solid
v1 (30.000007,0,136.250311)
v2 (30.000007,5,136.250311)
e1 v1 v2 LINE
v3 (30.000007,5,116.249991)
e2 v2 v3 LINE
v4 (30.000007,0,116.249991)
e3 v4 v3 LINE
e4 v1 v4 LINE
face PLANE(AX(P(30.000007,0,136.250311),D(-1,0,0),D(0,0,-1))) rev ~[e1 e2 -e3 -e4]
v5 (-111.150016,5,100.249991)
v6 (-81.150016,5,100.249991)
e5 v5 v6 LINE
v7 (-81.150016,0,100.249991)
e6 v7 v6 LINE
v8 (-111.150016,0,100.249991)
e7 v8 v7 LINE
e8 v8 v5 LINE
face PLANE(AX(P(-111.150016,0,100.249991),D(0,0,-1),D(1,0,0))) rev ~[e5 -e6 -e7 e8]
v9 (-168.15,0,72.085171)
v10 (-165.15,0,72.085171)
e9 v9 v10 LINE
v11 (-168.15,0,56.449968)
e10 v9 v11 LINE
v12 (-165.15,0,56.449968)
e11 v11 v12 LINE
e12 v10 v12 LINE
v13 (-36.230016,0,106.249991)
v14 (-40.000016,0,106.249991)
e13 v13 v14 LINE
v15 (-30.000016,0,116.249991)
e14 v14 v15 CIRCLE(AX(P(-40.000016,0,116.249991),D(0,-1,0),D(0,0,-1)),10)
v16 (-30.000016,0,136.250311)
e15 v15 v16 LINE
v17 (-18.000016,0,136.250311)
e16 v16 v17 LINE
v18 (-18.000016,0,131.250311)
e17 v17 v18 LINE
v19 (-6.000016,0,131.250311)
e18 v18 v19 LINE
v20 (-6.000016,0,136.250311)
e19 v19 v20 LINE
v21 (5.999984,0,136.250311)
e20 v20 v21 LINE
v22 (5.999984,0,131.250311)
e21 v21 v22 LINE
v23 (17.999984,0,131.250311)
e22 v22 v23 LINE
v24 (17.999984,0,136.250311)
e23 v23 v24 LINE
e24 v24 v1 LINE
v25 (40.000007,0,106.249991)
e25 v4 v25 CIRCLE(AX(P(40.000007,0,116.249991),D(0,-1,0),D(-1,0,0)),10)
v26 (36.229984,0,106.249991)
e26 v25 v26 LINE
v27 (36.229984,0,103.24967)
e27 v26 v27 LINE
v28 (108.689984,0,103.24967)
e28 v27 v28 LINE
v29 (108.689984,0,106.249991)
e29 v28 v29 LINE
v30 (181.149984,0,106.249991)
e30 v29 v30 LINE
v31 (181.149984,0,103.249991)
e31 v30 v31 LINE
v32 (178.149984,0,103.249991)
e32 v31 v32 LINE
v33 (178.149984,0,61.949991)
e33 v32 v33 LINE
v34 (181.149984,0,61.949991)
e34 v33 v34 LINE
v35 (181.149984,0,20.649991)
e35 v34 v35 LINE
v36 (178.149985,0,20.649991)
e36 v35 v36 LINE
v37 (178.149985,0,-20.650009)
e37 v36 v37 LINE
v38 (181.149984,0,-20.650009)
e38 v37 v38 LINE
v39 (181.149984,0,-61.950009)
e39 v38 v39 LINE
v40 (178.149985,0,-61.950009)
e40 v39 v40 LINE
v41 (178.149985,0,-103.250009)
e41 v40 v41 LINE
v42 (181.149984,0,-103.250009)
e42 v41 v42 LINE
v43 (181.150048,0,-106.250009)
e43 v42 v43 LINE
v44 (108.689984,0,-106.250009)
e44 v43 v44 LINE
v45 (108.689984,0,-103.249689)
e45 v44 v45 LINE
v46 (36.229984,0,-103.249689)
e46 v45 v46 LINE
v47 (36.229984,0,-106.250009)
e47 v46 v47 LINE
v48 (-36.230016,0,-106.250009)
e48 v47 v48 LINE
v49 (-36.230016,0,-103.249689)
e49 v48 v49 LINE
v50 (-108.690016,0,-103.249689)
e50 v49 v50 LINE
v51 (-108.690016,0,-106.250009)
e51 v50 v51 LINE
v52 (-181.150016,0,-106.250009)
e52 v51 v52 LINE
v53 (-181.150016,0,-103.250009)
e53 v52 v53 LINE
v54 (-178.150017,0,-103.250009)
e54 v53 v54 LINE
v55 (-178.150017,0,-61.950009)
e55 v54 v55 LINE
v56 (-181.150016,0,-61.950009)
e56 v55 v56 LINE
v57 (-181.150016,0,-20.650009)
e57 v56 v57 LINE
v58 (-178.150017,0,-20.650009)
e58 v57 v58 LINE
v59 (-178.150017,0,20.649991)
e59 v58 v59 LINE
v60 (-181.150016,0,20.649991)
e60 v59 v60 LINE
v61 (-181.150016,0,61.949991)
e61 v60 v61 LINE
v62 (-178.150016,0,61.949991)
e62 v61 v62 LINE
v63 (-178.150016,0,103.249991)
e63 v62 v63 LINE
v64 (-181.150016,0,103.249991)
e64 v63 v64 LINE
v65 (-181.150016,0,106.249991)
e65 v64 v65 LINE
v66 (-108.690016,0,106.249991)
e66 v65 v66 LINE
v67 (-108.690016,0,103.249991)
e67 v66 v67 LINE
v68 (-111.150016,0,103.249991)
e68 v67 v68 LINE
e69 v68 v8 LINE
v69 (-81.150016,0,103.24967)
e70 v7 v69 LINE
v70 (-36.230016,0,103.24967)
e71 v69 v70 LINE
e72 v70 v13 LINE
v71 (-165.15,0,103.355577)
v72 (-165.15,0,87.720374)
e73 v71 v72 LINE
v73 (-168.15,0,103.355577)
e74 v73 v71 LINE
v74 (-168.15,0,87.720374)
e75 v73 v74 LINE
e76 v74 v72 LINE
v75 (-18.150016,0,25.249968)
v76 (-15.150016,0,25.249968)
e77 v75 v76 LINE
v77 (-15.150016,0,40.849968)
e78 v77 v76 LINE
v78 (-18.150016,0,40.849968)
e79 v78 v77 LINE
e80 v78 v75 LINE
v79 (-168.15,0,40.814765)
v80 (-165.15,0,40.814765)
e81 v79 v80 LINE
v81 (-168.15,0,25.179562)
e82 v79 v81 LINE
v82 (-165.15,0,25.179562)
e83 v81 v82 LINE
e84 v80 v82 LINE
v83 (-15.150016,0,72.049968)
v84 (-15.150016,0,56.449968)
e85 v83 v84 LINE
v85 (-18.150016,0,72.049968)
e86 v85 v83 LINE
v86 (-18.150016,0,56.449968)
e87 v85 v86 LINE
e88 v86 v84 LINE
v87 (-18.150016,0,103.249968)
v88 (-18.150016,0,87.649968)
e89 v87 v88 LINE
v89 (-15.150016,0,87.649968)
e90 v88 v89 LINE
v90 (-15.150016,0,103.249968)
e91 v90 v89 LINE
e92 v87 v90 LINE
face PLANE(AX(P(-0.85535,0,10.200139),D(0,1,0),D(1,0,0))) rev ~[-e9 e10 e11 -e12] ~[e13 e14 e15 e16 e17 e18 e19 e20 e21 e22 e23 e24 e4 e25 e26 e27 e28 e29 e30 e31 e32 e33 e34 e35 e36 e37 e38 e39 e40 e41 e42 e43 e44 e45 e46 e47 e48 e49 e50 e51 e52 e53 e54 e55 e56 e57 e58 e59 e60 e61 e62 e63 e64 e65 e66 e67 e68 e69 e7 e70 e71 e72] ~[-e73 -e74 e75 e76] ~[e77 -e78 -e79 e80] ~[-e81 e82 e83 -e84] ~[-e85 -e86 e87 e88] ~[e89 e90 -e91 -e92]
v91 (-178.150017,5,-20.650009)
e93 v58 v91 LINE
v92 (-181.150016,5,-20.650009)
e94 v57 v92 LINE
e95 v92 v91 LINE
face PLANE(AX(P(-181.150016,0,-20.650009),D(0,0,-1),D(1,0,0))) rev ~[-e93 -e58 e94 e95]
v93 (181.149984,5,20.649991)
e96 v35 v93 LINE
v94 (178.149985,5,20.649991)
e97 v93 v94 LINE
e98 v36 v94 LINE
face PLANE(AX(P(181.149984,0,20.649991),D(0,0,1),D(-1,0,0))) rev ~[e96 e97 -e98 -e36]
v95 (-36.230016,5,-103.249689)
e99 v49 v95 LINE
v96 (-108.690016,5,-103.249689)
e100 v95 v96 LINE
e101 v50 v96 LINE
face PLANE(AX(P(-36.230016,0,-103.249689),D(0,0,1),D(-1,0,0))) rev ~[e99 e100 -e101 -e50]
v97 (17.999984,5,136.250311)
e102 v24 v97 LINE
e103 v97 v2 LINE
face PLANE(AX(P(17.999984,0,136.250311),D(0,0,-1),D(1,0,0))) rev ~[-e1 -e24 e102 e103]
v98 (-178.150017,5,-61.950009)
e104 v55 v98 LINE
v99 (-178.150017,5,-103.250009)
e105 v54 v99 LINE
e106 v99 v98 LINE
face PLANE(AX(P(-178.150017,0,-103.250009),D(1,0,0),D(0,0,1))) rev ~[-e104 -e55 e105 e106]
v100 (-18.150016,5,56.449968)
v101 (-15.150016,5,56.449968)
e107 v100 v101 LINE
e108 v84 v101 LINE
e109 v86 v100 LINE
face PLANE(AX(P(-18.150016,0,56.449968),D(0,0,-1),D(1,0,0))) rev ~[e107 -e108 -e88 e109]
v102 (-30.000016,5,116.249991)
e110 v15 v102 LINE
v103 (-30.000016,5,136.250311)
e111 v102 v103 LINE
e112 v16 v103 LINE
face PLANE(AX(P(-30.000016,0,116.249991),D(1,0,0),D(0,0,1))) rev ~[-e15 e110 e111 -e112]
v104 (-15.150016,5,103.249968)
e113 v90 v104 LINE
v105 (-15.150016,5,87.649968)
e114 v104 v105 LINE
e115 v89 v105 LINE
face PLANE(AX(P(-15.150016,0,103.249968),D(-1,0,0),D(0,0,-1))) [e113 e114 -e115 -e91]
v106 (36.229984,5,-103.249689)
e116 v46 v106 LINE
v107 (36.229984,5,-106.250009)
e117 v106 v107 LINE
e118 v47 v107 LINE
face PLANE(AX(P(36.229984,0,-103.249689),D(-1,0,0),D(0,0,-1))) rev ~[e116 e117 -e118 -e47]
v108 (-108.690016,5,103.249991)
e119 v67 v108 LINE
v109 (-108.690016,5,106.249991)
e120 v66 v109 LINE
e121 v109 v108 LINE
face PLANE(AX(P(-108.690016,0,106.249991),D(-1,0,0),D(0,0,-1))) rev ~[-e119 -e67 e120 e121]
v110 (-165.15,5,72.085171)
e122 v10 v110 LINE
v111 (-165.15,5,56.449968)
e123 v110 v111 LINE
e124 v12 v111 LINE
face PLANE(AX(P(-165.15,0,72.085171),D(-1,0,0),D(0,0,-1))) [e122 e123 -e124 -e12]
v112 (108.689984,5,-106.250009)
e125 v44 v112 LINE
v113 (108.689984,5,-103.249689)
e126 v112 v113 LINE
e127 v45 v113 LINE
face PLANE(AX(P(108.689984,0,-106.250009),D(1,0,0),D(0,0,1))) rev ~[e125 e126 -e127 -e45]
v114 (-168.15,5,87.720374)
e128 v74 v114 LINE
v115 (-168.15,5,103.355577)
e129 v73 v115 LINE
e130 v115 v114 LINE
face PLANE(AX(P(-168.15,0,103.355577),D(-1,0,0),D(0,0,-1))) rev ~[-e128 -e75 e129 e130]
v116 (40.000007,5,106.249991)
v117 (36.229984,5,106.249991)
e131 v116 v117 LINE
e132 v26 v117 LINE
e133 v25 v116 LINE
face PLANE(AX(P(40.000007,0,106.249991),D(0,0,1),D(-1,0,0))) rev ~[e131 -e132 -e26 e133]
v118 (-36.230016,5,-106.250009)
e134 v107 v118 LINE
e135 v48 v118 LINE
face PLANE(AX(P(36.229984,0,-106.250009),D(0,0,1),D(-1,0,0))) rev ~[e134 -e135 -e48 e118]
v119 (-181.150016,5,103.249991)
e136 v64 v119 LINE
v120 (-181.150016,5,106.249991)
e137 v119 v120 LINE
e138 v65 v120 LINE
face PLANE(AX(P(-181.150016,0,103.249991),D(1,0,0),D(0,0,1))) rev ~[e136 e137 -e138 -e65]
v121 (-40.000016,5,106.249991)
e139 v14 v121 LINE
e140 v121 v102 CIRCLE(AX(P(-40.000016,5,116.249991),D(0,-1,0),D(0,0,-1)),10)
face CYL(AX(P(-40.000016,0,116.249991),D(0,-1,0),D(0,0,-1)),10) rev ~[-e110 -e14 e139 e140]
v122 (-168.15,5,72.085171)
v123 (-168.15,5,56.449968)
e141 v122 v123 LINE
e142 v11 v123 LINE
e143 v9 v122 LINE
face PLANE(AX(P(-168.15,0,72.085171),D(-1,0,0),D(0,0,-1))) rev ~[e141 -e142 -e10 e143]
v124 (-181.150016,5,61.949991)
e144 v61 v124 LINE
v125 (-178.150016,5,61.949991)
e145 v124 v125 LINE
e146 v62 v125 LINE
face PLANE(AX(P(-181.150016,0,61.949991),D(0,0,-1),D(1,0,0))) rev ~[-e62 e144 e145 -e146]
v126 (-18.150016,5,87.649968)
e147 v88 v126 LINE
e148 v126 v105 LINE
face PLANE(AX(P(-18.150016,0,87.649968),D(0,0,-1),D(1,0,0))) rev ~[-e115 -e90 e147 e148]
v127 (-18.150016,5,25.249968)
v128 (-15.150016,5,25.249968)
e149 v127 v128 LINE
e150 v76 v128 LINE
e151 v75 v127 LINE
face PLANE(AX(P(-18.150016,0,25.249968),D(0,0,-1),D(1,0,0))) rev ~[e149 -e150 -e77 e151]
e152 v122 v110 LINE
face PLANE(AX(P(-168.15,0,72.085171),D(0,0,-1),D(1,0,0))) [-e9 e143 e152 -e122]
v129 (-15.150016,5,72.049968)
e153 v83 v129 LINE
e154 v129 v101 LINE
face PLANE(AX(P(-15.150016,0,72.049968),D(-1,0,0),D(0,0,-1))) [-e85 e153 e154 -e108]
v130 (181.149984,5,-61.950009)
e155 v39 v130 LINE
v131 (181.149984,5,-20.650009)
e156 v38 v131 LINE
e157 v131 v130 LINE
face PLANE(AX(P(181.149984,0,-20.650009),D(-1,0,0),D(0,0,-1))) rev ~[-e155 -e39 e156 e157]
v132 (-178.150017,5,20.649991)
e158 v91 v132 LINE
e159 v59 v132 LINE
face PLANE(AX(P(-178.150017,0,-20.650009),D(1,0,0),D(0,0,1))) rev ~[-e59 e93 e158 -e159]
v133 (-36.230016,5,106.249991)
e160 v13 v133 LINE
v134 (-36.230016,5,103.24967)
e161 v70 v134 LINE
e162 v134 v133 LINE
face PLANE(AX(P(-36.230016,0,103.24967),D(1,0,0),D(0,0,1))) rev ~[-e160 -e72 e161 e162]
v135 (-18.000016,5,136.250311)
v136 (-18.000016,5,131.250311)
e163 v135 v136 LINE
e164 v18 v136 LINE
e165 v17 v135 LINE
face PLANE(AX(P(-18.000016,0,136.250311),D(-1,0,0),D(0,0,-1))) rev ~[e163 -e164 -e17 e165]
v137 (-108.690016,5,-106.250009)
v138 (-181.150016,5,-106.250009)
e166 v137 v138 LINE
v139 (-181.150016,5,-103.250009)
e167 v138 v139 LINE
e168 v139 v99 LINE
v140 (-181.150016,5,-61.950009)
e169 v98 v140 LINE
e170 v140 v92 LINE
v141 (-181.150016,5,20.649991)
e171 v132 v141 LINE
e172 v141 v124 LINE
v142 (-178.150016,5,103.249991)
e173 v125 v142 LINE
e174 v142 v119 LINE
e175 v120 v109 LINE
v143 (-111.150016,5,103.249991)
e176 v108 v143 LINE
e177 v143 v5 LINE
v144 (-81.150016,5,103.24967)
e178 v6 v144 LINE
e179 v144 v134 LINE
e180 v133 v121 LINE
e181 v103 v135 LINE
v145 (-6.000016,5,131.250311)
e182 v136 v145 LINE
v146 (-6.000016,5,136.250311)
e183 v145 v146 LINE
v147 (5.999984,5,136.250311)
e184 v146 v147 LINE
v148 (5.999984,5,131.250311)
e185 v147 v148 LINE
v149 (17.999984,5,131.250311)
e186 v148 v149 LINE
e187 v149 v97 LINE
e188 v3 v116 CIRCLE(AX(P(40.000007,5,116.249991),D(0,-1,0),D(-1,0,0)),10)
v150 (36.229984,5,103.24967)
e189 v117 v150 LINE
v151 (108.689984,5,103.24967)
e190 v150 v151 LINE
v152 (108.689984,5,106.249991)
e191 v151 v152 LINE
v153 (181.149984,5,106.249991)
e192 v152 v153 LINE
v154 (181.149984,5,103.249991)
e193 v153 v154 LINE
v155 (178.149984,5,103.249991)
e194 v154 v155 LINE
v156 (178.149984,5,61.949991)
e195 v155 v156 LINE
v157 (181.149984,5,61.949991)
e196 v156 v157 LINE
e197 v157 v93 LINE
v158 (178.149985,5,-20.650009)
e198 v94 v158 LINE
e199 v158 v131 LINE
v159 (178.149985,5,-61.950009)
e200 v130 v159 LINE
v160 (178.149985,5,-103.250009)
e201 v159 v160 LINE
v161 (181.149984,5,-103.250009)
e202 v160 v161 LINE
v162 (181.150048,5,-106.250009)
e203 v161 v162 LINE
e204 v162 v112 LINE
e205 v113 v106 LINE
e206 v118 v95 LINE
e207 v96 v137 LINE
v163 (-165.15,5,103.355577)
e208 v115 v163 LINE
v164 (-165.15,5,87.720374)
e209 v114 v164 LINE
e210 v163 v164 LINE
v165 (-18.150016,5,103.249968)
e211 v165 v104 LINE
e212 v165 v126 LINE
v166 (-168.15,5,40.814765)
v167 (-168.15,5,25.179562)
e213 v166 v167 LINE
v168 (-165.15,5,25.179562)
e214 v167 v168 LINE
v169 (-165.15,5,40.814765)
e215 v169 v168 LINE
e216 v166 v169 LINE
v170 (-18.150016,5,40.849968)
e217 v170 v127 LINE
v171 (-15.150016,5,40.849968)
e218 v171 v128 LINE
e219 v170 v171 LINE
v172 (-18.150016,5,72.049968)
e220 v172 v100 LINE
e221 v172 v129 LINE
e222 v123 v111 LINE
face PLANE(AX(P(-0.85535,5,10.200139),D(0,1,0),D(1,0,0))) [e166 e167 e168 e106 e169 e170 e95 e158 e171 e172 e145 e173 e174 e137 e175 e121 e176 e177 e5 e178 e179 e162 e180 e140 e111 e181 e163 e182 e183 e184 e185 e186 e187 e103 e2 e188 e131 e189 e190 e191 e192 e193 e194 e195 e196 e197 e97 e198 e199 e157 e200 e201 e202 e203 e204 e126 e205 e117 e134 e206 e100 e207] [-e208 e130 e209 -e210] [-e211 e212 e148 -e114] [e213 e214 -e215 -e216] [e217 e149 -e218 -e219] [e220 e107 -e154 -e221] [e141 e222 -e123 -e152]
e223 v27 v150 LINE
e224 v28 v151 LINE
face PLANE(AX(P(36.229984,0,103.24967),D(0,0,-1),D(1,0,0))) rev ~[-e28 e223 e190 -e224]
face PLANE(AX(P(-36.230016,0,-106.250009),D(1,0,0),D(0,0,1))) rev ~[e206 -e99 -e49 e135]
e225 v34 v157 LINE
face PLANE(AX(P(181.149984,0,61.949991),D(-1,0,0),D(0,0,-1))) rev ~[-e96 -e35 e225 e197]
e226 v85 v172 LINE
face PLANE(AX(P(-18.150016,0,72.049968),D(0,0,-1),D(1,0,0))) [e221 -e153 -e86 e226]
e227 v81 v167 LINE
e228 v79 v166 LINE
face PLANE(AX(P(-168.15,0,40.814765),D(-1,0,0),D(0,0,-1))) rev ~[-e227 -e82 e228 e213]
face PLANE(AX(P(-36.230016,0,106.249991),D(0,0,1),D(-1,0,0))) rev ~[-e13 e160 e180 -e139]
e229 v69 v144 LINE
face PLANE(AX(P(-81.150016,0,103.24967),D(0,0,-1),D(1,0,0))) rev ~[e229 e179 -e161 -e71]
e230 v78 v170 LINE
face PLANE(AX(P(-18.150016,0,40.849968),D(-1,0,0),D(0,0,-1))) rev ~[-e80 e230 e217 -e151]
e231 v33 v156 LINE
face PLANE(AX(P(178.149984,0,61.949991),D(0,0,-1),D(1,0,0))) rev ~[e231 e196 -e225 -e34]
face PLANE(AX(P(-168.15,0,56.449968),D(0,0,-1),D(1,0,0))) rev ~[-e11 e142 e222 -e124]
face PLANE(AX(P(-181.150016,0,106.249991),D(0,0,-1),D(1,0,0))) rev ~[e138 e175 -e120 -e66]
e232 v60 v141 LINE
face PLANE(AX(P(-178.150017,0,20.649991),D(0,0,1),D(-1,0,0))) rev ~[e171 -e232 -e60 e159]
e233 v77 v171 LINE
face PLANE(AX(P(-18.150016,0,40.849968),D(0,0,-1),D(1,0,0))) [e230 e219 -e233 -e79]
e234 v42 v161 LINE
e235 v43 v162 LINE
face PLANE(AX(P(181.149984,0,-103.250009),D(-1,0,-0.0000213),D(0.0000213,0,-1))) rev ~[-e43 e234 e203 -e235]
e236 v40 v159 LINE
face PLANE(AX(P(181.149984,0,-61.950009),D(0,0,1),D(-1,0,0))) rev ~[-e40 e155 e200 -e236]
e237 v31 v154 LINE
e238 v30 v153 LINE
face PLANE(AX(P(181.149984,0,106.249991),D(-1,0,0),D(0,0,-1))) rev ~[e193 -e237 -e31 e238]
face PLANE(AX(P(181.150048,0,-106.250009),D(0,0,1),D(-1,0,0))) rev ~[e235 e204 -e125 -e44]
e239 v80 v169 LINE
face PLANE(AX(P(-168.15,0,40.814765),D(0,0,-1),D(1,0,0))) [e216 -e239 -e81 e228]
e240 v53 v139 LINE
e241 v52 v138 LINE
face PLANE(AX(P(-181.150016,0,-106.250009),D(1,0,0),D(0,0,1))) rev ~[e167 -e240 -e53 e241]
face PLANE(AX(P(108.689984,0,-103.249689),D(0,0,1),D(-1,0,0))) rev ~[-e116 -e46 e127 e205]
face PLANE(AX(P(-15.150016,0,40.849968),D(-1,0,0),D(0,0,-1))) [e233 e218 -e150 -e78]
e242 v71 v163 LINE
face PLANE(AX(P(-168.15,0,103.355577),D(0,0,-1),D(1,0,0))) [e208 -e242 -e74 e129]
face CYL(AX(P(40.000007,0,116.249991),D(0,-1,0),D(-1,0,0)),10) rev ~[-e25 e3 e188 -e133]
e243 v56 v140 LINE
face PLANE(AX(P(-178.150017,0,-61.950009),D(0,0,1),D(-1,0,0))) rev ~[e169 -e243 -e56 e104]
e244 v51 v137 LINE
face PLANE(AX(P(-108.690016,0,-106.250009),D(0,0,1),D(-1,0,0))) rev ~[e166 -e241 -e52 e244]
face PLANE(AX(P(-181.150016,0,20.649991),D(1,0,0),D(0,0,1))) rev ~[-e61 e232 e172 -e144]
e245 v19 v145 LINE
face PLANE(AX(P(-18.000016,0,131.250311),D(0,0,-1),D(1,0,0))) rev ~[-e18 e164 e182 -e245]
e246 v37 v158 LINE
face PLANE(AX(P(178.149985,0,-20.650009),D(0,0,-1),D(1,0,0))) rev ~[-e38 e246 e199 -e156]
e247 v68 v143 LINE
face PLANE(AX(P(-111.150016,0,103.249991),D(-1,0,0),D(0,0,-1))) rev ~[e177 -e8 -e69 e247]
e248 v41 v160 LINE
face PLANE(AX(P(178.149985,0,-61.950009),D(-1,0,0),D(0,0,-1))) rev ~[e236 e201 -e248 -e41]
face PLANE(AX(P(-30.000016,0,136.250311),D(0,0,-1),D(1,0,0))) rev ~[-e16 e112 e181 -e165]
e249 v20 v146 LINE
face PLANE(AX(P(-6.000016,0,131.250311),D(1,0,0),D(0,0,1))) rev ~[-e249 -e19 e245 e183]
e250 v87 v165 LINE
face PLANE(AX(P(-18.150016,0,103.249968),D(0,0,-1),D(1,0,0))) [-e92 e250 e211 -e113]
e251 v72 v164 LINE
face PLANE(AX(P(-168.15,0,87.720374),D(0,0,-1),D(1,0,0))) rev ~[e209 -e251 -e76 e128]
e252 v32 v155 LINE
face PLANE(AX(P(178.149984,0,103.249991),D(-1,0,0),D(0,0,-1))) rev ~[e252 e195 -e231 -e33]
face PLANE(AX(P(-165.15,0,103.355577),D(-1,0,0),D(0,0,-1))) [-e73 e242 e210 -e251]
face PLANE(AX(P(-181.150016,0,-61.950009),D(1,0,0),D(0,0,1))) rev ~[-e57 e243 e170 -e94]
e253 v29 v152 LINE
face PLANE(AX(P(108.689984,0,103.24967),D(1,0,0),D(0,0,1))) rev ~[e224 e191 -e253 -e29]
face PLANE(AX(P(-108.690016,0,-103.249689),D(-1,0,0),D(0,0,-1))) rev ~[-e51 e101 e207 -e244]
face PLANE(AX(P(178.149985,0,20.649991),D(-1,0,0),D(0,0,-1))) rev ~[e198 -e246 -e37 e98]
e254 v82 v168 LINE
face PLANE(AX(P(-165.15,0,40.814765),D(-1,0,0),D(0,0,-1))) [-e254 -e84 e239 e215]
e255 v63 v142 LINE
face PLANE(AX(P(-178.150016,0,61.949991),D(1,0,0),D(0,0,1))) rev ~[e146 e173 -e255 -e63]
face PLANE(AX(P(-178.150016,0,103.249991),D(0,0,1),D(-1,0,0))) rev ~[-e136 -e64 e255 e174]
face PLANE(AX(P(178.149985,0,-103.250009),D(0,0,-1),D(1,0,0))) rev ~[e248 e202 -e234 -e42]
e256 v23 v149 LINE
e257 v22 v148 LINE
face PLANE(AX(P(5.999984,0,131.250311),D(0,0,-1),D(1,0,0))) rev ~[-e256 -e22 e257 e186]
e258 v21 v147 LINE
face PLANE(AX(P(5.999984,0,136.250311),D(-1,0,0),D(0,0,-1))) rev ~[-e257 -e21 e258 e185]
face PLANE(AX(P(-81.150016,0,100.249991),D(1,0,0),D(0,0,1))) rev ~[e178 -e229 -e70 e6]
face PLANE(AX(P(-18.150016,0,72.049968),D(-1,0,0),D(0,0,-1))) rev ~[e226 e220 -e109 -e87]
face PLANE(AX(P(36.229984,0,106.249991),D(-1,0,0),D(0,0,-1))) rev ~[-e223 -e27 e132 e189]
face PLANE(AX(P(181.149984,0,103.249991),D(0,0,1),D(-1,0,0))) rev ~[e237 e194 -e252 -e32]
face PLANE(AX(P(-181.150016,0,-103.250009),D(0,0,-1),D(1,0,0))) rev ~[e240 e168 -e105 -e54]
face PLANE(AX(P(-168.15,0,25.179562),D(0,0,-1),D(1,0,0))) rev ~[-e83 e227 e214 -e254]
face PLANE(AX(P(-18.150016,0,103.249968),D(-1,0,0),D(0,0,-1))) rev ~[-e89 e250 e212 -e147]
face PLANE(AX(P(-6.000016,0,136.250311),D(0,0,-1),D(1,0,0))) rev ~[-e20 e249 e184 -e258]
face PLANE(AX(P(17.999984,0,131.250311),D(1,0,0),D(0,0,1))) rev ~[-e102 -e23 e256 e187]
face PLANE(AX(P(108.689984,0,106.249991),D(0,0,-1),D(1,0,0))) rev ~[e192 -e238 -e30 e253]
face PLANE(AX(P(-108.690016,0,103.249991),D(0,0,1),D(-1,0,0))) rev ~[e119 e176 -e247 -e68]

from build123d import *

# Parameters (mm, degrees)
SKETCH1_W           = 3
SKETCH1_H           = 15.635202888
SKETCH1_H_2         = 15.6
SKETCH1_H_3         = 15.635202889
BOSS_EXTRUDE1_DEPTH = 5


with BuildPart() as part:
    # Sketch1 → Boss-Extrude1 (new body)
    with BuildSketch(Plane(origin=(0, 0, 0), x_dir=(1, 0, 0), z_dir=(0, 1, 0))):
        with BuildLine():
            Line((-30.000015974, -136.250310986), (-18.000015974, -136.250310986))
            Line((-18.000015974, -136.250310986), (-18.000015974, -131.250310986))
            Line((-18.000015974, -131.250310986), (-6.000015974, -131.250310986))
            Line((-6.000015974, -131.250310986), (-6.000015974, -136.250310986))
            Line((-6.000015974, -136.250310986), (5.999984026, -136.250310986))
            Line((5.999984026, -136.250310986), (5.999984026, -131.250310986))
            Line((5.999984026, -131.250310986), (17.999984026, -131.250310986))
            Line((17.999984026, -131.250310986), (17.999984026, -136.250310986))
            Line((17.999984026, -136.250310986), (30.000006721, -136.250310986))
            Line((30.000006721, -136.250310986), (30.000006721, -116.24999063))
            ThreePointArc((30.000006721, -116.24999063), (32.92893891, -109.178922818), (40.000006721, -106.24999063))
            Line((40.000006721, -106.24999063), (36.229984025, -106.24999063))
            Line((36.229984025, -106.24999063), (36.229984025, -103.249670275))
            Line((36.229984025, -103.249670275), (108.689984025, -103.249670275))
            Line((108.689984025, -103.249670275), (108.689984025, -106.24999063))
            Line((108.689984025, -106.24999063), (181.149984025, -106.24999063))
            Line((181.149984025, -106.24999063), (181.149984025, -103.24999063))
            Line((181.149984025, -103.24999063), (178.149984476, -103.24999063))
            Line((178.149984476, -103.24999063), (178.149984476, -61.94999063))
            Line((178.149984476, -61.94999063), (181.149984025, -61.94999063))
            Line((181.149984025, -61.94999063), (181.149984025, -20.64999063))
            Line((181.149984025, -20.64999063), (178.149984927, -20.64999063))
            Line((178.149984927, -20.64999063), (178.149984927, 20.65000937))
            Line((178.149984927, 20.65000937), (181.149984025, 20.65000937))
            Line((181.149984025, 20.65000937), (181.149984025, 61.95000937))
            Line((181.149984025, 61.95000937), (178.149984927, 61.95000937))
            Line((178.149984927, 61.95000937), (178.149984927, 103.25000937))
            Line((178.149984927, 103.25000937), (181.149984025, 103.25000937))
            Line((181.149984025, 103.25000937), (181.150047924, 106.25000937))
            Line((181.150047924, 106.25000937), (108.689984025, 106.25000937))
            Line((108.689984025, 106.25000937), (108.689984025, 103.249689014))
            Line((108.689984025, 103.249689014), (36.229984025, 103.249689014))
            Line((36.229984025, 103.249689014), (36.229984025, 106.25000937))
            Line((36.229984025, 106.25000937), (-36.230015974, 106.25000937))
            Line((-36.230015974, 106.25000937), (-36.230015974, 103.249689014))
            Line((-36.230015974, 103.249689014), (-108.690015974, 103.249689014))
            Line((-108.690015974, 103.249689014), (-108.690015974, 106.25000937))
            Line((-108.690015974, 106.25000937), (-181.150015974, 106.25000937))
            Line((-181.150015974, 106.25000937), (-181.150015974, 103.25000937))
            Line((-181.150015974, 103.25000937), (-178.150016876, 103.25000937))
            Line((-178.150016876, 103.25000937), (-178.150016876, 61.95000937))
            Line((-178.150016876, 61.95000937), (-181.150015974, 61.95000937))
            Line((-181.150015974, 61.95000937), (-181.150015974, 20.65000937))
            Line((-181.150015974, 20.65000937), (-178.150016876, 20.65000937))
            Line((-178.150016876, 20.65000937), (-178.150016876, -20.64999063))
            Line((-178.150016876, -20.64999063), (-181.150015974, -20.64999063))
            Line((-181.150015974, -20.64999063), (-181.150015974, -61.94999063))
            Line((-181.150015974, -61.94999063), (-178.150016425, -61.94999063))
            Line((-178.150016425, -61.94999063), (-178.150016425, -103.24999063))
            Line((-178.150016425, -103.24999063), (-181.150015974, -103.24999063))
            Line((-181.150015974, -103.24999063), (-181.150015974, -106.24999063))
            Line((-181.150015974, -106.24999063), (-108.690015974, -106.24999063))
            Line((-108.690015974, -106.24999063), (-108.690015974, -103.24999063))
            Line((-108.690015974, -103.24999063), (-111.150015974, -103.24999063))
            Line((-111.150015974, -103.24999063), (-111.150015974, -100.24999063))
            Line((-111.150015974, -100.24999063), (-81.150015974, -100.24999063))
            Line((-81.150015974, -100.24999063), (-81.150015974, -103.249670275))
            Line((-81.150015974, -103.249670275), (-36.230015974, -103.249670275))
            Line((-36.230015974, -103.249670275), (-36.230015974, -106.24999063))
            Line((-36.230015974, -106.24999063), (-40.000015974, -106.24999063))
            ThreePointArc((-40.000015974, -106.24999063), (-32.928948162, -109.178922818), (-30.000015974, -116.24999063))
            Line((-30.000015974, -116.24999063), (-30.000015974, -136.250310986))
        make_face()
        with Locations((-166.650000226, -95.537975278)):
            Rectangle(SKETCH1_W, SKETCH1_H, mode=Mode.SUBTRACT)
        with Locations((-16.650016425, -95.449968057)):
            Rectangle(SKETCH1_W, SKETCH1_H_2, mode=Mode.SUBTRACT)
        with Locations((-166.650000226, -32.997163725)):
            Rectangle(SKETCH1_W, SKETCH1_H, mode=Mode.SUBTRACT)
        with Locations((-16.650016425, -33.049968057)):
            Rectangle(SKETCH1_W, SKETCH1_H_2, mode=Mode.SUBTRACT)
        with Locations((-166.650000226, -64.267569502)):
            Rectangle(SKETCH1_W, SKETCH1_H_3, mode=Mode.SUBTRACT)
        with Locations((-16.650016425, -64.249968057)):
            Rectangle(SKETCH1_W, SKETCH1_H_2, mode=Mode.SUBTRACT)
    extrude(amount=BOSS_EXTRUDE1_DEPTH)


solid = part.part
